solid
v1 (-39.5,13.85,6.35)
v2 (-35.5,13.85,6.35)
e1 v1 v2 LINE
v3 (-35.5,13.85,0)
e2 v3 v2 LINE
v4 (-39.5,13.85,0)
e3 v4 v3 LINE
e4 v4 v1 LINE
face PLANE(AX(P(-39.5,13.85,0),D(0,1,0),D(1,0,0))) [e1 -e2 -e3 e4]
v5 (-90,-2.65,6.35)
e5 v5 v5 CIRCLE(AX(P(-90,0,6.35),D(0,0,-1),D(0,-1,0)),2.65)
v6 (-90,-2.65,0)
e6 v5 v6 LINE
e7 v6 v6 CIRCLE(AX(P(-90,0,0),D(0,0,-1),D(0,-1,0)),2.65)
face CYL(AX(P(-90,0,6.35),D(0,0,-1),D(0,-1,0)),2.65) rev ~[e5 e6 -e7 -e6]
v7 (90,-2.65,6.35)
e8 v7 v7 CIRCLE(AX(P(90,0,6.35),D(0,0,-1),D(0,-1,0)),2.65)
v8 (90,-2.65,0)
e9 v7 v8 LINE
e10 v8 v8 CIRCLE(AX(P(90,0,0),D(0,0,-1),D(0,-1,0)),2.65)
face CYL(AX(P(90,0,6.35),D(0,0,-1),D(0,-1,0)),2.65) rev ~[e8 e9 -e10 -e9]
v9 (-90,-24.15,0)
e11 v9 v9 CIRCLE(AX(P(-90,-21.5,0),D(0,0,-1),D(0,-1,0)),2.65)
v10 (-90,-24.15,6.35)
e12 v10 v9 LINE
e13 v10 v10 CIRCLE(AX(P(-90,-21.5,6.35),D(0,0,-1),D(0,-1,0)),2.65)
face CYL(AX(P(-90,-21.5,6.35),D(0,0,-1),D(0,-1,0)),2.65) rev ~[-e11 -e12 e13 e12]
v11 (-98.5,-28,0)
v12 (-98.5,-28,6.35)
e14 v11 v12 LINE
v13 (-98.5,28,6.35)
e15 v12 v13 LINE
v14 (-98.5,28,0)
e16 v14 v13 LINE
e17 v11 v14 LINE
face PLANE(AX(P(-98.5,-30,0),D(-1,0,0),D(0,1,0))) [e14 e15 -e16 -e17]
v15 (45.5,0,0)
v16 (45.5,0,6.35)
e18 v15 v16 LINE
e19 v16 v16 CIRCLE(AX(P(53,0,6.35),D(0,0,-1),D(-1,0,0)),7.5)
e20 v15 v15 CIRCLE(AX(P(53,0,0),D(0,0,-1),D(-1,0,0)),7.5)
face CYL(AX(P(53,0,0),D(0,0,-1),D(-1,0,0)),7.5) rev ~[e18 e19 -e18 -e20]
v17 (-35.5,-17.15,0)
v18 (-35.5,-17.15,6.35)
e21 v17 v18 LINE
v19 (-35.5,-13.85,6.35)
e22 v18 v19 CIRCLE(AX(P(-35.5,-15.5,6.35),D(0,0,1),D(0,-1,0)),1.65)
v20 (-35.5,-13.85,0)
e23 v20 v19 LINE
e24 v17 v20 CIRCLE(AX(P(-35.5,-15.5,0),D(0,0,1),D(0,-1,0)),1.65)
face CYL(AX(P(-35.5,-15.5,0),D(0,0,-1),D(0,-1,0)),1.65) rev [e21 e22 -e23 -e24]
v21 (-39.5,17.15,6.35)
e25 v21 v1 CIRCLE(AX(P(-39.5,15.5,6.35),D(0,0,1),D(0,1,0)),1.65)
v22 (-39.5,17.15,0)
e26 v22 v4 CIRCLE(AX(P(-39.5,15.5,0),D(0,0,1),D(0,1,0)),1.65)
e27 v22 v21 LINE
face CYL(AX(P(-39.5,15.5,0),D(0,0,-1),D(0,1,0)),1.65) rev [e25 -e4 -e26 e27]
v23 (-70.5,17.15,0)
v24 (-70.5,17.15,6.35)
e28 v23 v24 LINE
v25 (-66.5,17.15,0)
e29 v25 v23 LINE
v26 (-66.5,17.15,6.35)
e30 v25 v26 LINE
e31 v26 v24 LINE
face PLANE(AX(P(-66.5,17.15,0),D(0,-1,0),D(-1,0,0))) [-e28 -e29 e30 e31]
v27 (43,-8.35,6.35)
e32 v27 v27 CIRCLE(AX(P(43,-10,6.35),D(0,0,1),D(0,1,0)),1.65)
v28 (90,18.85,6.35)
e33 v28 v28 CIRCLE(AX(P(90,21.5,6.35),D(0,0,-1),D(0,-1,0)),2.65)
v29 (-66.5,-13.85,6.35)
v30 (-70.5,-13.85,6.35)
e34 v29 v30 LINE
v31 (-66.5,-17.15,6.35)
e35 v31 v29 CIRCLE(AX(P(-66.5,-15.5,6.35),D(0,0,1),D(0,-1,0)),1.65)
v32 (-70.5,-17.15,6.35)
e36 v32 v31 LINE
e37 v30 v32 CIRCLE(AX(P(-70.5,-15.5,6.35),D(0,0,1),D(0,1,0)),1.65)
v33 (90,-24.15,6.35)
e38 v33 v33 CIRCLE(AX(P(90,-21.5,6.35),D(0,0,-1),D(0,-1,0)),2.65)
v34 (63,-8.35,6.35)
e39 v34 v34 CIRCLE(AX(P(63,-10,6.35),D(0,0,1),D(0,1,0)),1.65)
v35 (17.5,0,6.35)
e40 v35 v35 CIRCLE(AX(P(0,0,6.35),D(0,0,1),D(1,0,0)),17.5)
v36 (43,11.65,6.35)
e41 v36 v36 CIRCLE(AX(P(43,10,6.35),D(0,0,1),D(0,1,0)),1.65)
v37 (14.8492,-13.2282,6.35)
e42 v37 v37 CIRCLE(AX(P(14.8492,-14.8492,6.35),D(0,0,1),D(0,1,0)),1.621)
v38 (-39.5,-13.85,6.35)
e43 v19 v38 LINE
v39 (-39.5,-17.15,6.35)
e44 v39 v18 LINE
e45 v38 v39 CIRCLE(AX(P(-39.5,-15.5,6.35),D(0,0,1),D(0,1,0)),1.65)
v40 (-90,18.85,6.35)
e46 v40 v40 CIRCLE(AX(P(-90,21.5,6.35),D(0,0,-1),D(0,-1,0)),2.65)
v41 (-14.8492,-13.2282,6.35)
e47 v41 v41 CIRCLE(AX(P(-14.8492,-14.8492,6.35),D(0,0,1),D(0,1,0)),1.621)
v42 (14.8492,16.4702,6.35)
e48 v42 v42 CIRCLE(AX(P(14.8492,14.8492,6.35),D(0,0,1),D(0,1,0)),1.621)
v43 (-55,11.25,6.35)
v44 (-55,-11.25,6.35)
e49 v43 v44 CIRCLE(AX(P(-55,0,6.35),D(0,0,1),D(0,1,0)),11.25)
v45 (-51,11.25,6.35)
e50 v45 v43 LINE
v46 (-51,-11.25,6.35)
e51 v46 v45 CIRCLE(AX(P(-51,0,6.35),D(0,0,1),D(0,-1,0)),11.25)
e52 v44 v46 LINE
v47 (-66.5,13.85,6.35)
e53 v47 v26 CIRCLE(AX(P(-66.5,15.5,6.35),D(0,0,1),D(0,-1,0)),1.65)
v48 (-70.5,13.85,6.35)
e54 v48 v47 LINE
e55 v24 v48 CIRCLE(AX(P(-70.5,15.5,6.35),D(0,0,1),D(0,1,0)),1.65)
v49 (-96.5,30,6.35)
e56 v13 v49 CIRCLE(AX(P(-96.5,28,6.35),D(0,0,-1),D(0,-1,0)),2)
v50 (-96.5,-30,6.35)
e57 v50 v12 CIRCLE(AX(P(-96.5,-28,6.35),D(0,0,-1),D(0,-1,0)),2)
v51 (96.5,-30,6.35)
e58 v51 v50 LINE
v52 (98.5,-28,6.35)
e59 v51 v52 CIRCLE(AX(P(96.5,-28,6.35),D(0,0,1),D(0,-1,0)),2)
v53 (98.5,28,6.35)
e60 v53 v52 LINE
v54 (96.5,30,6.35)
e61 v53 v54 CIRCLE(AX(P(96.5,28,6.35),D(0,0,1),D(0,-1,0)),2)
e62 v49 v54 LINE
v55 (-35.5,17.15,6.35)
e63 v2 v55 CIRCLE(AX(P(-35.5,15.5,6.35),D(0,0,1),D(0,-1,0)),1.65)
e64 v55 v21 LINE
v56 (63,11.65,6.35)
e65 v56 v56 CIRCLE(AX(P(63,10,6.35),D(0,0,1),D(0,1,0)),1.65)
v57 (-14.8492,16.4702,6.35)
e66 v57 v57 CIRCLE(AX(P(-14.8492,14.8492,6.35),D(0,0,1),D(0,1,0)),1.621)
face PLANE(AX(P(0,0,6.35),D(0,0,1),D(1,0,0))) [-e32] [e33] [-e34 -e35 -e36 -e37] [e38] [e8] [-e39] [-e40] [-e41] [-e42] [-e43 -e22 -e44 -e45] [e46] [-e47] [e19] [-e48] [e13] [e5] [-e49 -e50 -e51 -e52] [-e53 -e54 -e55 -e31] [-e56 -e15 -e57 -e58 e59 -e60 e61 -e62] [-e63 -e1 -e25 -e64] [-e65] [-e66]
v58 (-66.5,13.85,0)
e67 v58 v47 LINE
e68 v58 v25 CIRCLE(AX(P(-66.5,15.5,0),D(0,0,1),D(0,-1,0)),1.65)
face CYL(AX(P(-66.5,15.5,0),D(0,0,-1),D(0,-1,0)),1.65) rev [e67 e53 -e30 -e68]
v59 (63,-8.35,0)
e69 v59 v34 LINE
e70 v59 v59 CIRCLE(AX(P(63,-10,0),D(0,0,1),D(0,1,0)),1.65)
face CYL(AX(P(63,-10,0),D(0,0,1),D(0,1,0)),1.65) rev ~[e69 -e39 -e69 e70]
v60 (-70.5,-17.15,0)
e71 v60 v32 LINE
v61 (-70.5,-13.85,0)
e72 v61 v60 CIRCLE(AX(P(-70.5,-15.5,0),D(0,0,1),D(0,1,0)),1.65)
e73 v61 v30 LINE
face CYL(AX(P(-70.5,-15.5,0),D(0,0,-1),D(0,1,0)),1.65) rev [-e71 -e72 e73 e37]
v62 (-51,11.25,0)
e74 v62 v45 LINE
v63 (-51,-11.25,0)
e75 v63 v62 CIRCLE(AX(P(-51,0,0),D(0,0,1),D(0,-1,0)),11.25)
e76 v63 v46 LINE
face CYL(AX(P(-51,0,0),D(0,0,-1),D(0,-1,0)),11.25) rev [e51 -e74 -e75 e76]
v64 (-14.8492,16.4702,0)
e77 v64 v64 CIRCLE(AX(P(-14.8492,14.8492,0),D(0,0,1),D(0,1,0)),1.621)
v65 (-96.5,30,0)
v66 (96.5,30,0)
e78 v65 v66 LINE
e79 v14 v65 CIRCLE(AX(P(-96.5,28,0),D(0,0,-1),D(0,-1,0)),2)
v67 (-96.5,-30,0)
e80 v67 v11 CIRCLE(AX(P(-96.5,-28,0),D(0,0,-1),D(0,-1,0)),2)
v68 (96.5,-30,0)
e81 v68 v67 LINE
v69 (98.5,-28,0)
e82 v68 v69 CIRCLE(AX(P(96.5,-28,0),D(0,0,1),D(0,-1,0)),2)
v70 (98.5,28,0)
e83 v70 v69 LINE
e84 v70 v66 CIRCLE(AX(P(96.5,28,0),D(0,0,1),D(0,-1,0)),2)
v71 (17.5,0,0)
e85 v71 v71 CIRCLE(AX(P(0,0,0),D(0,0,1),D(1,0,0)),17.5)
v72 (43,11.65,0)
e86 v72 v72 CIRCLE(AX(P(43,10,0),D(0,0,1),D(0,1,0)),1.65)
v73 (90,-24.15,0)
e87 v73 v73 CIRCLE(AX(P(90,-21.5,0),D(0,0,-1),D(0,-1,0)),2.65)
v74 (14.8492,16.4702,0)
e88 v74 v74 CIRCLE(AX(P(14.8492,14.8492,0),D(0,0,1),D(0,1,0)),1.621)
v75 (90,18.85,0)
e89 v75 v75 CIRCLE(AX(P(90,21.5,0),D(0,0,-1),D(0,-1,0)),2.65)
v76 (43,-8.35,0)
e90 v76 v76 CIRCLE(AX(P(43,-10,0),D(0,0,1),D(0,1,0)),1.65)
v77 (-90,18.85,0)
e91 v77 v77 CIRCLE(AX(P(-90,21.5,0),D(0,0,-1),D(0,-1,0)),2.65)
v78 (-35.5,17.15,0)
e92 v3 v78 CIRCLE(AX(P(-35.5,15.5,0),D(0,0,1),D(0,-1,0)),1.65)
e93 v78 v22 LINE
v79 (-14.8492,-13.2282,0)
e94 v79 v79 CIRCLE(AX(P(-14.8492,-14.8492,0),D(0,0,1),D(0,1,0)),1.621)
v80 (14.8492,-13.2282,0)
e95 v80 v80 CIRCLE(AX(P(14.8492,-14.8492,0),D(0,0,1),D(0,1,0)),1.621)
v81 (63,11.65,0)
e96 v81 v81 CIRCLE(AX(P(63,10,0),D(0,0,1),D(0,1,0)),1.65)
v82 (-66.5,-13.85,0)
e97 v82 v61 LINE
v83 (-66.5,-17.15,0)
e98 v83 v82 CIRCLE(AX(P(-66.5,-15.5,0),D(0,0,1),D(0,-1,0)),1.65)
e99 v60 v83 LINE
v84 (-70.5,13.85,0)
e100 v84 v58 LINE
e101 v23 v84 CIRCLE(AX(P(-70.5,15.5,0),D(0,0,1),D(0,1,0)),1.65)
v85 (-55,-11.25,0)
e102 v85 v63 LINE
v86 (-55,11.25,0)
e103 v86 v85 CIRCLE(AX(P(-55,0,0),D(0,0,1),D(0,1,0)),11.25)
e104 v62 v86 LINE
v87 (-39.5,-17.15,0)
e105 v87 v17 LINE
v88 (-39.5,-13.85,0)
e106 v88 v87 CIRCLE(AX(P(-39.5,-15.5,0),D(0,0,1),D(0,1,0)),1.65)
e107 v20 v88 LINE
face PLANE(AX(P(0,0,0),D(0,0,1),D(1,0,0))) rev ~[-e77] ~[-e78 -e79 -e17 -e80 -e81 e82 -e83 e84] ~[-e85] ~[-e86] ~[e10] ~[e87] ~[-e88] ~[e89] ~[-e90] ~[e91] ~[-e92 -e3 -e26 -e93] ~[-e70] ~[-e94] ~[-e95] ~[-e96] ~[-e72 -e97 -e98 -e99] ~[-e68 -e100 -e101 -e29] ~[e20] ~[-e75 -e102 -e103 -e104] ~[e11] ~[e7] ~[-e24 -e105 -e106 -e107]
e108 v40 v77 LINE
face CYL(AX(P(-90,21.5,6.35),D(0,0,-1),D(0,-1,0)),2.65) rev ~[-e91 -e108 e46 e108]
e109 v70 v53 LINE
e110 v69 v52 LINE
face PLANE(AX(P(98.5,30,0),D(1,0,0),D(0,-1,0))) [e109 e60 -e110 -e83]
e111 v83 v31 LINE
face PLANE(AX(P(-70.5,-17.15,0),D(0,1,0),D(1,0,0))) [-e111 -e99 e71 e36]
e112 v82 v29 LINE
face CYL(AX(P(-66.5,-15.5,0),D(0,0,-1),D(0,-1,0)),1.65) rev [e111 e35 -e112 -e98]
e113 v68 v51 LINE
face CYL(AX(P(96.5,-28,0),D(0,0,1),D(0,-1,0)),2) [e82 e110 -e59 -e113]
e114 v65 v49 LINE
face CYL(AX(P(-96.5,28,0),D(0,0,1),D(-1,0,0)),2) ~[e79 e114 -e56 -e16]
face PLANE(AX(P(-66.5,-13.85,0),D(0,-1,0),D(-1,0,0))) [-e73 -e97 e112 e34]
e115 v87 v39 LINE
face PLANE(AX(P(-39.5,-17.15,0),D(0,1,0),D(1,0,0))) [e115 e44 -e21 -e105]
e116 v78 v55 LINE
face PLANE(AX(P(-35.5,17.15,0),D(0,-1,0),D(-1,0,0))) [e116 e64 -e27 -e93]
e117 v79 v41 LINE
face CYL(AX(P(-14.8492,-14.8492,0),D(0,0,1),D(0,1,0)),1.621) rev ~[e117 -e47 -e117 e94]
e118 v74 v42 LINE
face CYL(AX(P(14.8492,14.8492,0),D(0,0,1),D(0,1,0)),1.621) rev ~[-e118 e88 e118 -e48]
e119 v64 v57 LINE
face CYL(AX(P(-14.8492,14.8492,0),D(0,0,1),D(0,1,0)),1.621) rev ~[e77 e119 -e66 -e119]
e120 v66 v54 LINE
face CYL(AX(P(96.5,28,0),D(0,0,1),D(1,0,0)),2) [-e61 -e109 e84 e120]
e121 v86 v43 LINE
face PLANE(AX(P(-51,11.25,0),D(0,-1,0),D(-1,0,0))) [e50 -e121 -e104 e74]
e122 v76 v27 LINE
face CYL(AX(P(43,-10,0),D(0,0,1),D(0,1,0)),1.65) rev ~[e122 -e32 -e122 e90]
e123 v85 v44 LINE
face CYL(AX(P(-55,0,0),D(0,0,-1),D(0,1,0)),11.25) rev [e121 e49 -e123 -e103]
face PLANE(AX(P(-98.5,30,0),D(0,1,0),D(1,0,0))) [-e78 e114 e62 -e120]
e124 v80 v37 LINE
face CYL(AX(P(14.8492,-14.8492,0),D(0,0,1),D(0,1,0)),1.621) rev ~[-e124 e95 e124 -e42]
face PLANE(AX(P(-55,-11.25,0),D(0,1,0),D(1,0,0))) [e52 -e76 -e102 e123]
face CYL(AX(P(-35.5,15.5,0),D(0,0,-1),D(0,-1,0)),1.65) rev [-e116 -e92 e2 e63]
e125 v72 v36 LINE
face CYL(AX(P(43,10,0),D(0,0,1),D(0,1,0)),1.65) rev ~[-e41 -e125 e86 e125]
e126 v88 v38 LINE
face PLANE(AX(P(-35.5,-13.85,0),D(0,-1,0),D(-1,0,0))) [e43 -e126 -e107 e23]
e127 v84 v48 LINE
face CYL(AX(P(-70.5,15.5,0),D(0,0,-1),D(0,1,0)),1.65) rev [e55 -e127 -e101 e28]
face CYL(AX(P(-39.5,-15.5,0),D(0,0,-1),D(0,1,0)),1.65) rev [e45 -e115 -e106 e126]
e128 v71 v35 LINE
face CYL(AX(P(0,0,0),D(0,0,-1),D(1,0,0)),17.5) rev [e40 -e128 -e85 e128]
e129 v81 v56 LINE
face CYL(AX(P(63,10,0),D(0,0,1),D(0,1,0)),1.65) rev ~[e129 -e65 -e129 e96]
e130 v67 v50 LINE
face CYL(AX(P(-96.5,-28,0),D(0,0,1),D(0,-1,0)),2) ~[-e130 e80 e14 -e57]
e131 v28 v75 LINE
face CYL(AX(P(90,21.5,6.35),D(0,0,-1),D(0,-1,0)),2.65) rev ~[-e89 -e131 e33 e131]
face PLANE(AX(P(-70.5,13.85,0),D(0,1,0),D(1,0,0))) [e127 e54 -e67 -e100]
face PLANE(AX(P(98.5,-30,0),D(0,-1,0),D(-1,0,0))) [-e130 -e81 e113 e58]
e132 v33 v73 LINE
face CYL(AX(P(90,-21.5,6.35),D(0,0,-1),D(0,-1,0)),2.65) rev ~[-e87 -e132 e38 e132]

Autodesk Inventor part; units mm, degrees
ref_plane "YZ Plane" through (0, 0, 0) normal (1, 0, 0) x (0, 1, 0)
ref_plane "XZ Plane" through (0, 0, 0) normal (0, 1, 0) x (-1, 0, 0)
ref_plane "XY Plane" through (0, 0, 0) normal (0, 0, 1) x (1, 0, 0)
sketch "Sketch1" plane through (0, 0, 0) normal (0, 0, 1) x (1, 0, 0)
  circle A0 centre (0, 0) radius 17.5
  line L0 (14.8492, -14.8492) -> (-14.8492, -14.8492) construction
  line L1 (-14.8492, -14.8492) -> (-14.8492, 14.8492) construction
  line L2 (-14.8492, 14.8492) -> (14.8492, 14.8492) construction
  line L3 (14.8492, 14.8492) -> (14.8492, -14.8492) construction
  line L4 (14.8492, -14.8492) -> (-14.8492, 14.8492) construction
  line L5 (-14.8492, -14.8492) -> (14.8492, 14.8492) construction
  circle A1 centre (0, 0) radius 21 construction
  line L6 (21, -21) -> (-21, -21) construction
  line L7 (-21, -21) -> (-21, 21) construction
  line L8 (-21, 21) -> (21, 21) construction
  line L9 (21, 21) -> (21, -21) construction
  line L10 (21, -21) -> (-21, 21) construction
  line L11 (-21, -21) -> (21, 21) construction
  line L12 (-31.85, -21.15) -> (-74.15, -21.15) construction
  line L13 (-74.15, -21.15) -> (-74.15, 21.15) construction
  line L14 (-74.15, 21.15) -> (-31.85, 21.15) construction
  line L15 (-31.85, 21.15) -> (-31.85, -21.15) construction
  line L16 (-31.85, -21.15) -> (-74.15, 21.15) construction
  line L17 (-74.15, -21.15) -> (-31.85, 21.15) construction
  line L18 (-37.5, -15.5) -> (-68.5, -15.5) construction
  line L19 (-68.5, -15.5) -> (-68.5, 15.5) construction
  line L20 (-68.5, 15.5) -> (-37.5, 15.5) construction
  line L21 (-37.5, 15.5) -> (-37.5, -15.5) construction
  line L22 (-37.5, -15.5) -> (-68.5, 15.5) construction
  line L23 (-68.5, -15.5) -> (-37.5, 15.5) construction
  line L24 (-70.5, 15.5) -> (-66.5, 15.5) construction
  line L25 (-70.5, 13.85) -> (-66.5, 13.85)
  line L26 (-66.5, 17.15) -> (-70.5, 17.15)
  arc A2 (-70.5, 17.15) -> (-70.5, 13.85) centre (-70.5, 15.5) ccw
  arc A3 (-66.5, 13.85) -> (-66.5, 17.15) centre (-66.5, 15.5) ccw
  line L27 (-35.5, 15.5) -> (-39.5, 15.5) construction
  line L28 (-35.5, 17.15) -> (-39.5, 17.15)
  line L29 (-39.5, 13.85) -> (-35.5, 13.85)
  arc A4 (-35.5, 13.85) -> (-35.5, 17.15) centre (-35.5, 15.5) ccw
  arc A5 (-39.5, 17.15) -> (-39.5, 13.85) centre (-39.5, 15.5) ccw
  line L30 (-35.5, -15.5) -> (-39.5, -15.5) construction
  line L31 (-35.5, -13.85) -> (-39.5, -13.85)
  line L32 (-39.5, -17.15) -> (-35.5, -17.15)
  arc A6 (-35.5, -17.15) -> (-35.5, -13.85) centre (-35.5, -15.5) ccw
  arc A7 (-39.5, -13.85) -> (-39.5, -17.15) centre (-39.5, -15.5) ccw
  line L33 (-70.5, -15.5) -> (-66.5, -15.5) construction
  line L34 (-70.5, -17.15) -> (-66.5, -17.15)
  line L35 (-66.5, -13.85) -> (-70.5, -13.85)
  arc A8 (-70.5, -13.85) -> (-70.5, -17.15) centre (-70.5, -15.5) ccw
  arc A9 (-66.5, -17.15) -> (-66.5, -13.85) centre (-66.5, -15.5) ccw
  line L36 (-55, 0) -> (-51, 0) construction
  line L37 (-55, -11.25) -> (-51, -11.25)
  line L38 (-51, 11.25) -> (-55, 11.25)
  arc A10 (-55, 11.25) -> (-55, -11.25) centre (-55, 0) ccw
  arc A11 (-51, -11.25) -> (-51, 11.25) centre (-51, 0) ccw
  line L39 (40, 54.25) -> (-40, 54.25) construction
  line L40 (-40, 54.25) -> (-40, 94.25) construction
  line L41 (-40, 94.25) -> (40, 94.25) construction
  line L42 (40, 94.25) -> (40, 54.25) construction
  line L43 (40, 54.25) -> (-40, 94.25) construction
  line L44 (-40, 54.25) -> (40, 94.25) construction
  line L45 (98.5, -30) -> (-98.5, -30)
  line L46 (-98.5, -30) -> (-98.5, 30)
  line L47 (-98.5, 30) -> (98.5, 30)
  line L48 (98.5, 30) -> (98.5, -30)
  line L49 (98.5, -30) -> (-98.5, 30) construction
  line L50 (-98.5, -30) -> (98.5, 30) construction
  line L51 (-77, 22) -> (-29, 22)
  line L52 (-29, 22) -> (-29, -22)
  line L53 (-29, -22) -> (-77, -22)
  line L54 (-77, -22) -> (-77, 22)
  line L55 (-77, 22) -> (-29, -22) construction
  line L56 (-29, 22) -> (-77, -22) construction
  line L57 (80, 30) -> (100, 30) construction
  line L58 (100, 30) -> (100, -30) construction
  line L59 (100, -30) -> (80, -30) construction
  line L60 (80, -30) -> (80, 30) construction
  line L61 (80, 30) -> (100, -30) construction
  line L62 (100, 30) -> (80, -30) construction
  line L63 (-80, 30) -> (-100, 30) construction
  line L64 (-100, 30) -> (-100, -30) construction
  line L65 (-100, -30) -> (-80, -30) construction
  line L66 (-80, -30) -> (-80, 30) construction
  line L67 (-80, 30) -> (-100, -30) construction
  line L68 (-100, 30) -> (-80, -30) construction
  line L69 (-83, -28) -> (-23, -28) construction
  line L70 (-23, -28) -> (-23, 28) construction
  line L71 (-23, 28) -> (-83, 28) construction
  line L72 (-83, 28) -> (-83, -28) construction
  circle A12 centre (0, 0) radius 34 construction
  line L73 (-28, -28) -> (28, -28) construction
  line L74 (28, -28) -> (28, 28) construction
  line L75 (28, 28) -> (-28, 28) construction
  line L76 (-28, 28) -> (-28, -28) construction
  line L77 (-28, -28) -> (28, 28) construction
  line L78 (28, -28) -> (-28, 28) construction
  circle A13 centre (0, 0) radius 25 construction
  line L79 (0, 0) -> (9.5671, 23.097) construction
  point P0 (-53, 0)
  point P1 (0, 74.25)
  point P2 (90, 0)
  point P3 (-90, 0)
  dimension "d1" = 42
  dimension "d44" = 50
  dimension "d0" = 35
  dimension "d2" = 42
  dimension "d3" = 42
  dimension "d4" = 42.3
  dimension "d5" = 42.3
  dimension "d6" = 53
  dimension "d7" = 31
  dimension "d8" = 31
  dimension "d9" = 1.65
  dimension "d10" = 4
  dimension "d11" = 11.25
  dimension "d12" = 80
  dimension "d13" = 40
  dimension "d14" = 54.25
  dimension "d15" = 197
  dimension "d16" = 60
  dimension "d35" = 48
  dimension "d36" = 44
  dimension "d37" = 20
  dimension "d38" = 90
  dimension "d39" = 90
  dimension "d40" = 6
  dimension "d41" = 68
  dimension "d42" = 56
  dimension "d43" = 56
  dimension "d45" = 22.5
extrude "Extrusion1" add sketch "Sketch1" along normal blind 6.35 contours L45 L46 L47 L48 | L51 L52 L53 L54
hole "Hole3" at (14.8492, 14.8492, 0) at (-14.8492, 14.8492, 0) at (14.8492, -14.8492, 0) at (-14.8492, -14.8492, 0) direction (0, 0, 1) diameter 3.242 end through all thread size "M4x0.7" class "6H" standard "ANSI Metric M Profile"
sketch "Sketch2" plane through (0, 0, 6.35) normal (0, 0, 1) x (1, 0, 0)
  line L0 (90, -21.5) -> (-90, -21.5) construction
  line L1 (-90, -21.5) -> (-90, 21.5) construction
  line L2 (-90, 21.5) -> (90, 21.5) construction
  line L3 (90, 21.5) -> (90, -21.5) construction
  line L4 (90, -21.5) -> (-90, 21.5) construction
  line L5 (-90, -21.5) -> (90, 21.5) construction
  line L6 (98.5, 30) -> (-98.5, 30) construction
  line L7 (-98.5, 30) -> (-90, 30) construction
  line L8 (-90, 30) -> (-90, 21.5) construction
  line L9 (-90, 21.5) -> (-98.5, 21.5) construction
  line L10 (-98.5, 21.5) -> (-98.5, 30) construction
  point P0 (0, 0)
  point P1 (-90, 0)
  point P2 (90, 0)
  dimension "d26" = 180
hole "Hole2" at (-90, 0, 6.35) at (-90, 21.5, 6.35) at (-90, -21.5, 6.35) at (90, 21.5, 6.35) at (90, 0, 6.35) at (90, -21.5, 6.35) direction (0, 0, -1) diameter 5.3 end through all
fillet "Fillet1" radius 2 4 edges at (-98.5, -30, 3.175) (-98.5, 30, 3.175) (98.5, 30, 3.175) (98.5, -30, 3.175)
sketch "Sketch3" plane through (0, 0, 0) normal (0, 0, -1) x (-1, 0, 0)
  line L0 (53, 0) -> (-53, 0) construction
  line L1 (-43, -10) -> (-63, -10) construction
  line L2 (-63, -10) -> (-63, 10) construction
  line L3 (-63, 10) -> (-43, 10) construction
  line L4 (-43, 10) -> (-43, -10) construction
  line L5 (-43, -10) -> (-63, 10) construction
  line L6 (-63, -10) -> (-43, 10) construction
  circle A0 centre (-53, 0) radius 7.5
  point P0 (0, 0)
  point P1 (0, 0)
  dimension "d56" = 20
  dimension "d57" = 20
  dimension "d58" = 15
extrude "Extrusion2" cut sketch "Sketch3" against normal through all
hole "Hole4" at (-53, 0, 0) at (63, 10, 0) at (43, 10, 0) at (43, -10, 0) at (63, -10, 0) direction (0, 0, 1) diameter 3.3 end through all
equation "\"d35\" = d36 + d10"
equation "\"d39\" = d38"
properties part number "Z-Axis Drive Mount RevII" material "Aluminum 6061"
